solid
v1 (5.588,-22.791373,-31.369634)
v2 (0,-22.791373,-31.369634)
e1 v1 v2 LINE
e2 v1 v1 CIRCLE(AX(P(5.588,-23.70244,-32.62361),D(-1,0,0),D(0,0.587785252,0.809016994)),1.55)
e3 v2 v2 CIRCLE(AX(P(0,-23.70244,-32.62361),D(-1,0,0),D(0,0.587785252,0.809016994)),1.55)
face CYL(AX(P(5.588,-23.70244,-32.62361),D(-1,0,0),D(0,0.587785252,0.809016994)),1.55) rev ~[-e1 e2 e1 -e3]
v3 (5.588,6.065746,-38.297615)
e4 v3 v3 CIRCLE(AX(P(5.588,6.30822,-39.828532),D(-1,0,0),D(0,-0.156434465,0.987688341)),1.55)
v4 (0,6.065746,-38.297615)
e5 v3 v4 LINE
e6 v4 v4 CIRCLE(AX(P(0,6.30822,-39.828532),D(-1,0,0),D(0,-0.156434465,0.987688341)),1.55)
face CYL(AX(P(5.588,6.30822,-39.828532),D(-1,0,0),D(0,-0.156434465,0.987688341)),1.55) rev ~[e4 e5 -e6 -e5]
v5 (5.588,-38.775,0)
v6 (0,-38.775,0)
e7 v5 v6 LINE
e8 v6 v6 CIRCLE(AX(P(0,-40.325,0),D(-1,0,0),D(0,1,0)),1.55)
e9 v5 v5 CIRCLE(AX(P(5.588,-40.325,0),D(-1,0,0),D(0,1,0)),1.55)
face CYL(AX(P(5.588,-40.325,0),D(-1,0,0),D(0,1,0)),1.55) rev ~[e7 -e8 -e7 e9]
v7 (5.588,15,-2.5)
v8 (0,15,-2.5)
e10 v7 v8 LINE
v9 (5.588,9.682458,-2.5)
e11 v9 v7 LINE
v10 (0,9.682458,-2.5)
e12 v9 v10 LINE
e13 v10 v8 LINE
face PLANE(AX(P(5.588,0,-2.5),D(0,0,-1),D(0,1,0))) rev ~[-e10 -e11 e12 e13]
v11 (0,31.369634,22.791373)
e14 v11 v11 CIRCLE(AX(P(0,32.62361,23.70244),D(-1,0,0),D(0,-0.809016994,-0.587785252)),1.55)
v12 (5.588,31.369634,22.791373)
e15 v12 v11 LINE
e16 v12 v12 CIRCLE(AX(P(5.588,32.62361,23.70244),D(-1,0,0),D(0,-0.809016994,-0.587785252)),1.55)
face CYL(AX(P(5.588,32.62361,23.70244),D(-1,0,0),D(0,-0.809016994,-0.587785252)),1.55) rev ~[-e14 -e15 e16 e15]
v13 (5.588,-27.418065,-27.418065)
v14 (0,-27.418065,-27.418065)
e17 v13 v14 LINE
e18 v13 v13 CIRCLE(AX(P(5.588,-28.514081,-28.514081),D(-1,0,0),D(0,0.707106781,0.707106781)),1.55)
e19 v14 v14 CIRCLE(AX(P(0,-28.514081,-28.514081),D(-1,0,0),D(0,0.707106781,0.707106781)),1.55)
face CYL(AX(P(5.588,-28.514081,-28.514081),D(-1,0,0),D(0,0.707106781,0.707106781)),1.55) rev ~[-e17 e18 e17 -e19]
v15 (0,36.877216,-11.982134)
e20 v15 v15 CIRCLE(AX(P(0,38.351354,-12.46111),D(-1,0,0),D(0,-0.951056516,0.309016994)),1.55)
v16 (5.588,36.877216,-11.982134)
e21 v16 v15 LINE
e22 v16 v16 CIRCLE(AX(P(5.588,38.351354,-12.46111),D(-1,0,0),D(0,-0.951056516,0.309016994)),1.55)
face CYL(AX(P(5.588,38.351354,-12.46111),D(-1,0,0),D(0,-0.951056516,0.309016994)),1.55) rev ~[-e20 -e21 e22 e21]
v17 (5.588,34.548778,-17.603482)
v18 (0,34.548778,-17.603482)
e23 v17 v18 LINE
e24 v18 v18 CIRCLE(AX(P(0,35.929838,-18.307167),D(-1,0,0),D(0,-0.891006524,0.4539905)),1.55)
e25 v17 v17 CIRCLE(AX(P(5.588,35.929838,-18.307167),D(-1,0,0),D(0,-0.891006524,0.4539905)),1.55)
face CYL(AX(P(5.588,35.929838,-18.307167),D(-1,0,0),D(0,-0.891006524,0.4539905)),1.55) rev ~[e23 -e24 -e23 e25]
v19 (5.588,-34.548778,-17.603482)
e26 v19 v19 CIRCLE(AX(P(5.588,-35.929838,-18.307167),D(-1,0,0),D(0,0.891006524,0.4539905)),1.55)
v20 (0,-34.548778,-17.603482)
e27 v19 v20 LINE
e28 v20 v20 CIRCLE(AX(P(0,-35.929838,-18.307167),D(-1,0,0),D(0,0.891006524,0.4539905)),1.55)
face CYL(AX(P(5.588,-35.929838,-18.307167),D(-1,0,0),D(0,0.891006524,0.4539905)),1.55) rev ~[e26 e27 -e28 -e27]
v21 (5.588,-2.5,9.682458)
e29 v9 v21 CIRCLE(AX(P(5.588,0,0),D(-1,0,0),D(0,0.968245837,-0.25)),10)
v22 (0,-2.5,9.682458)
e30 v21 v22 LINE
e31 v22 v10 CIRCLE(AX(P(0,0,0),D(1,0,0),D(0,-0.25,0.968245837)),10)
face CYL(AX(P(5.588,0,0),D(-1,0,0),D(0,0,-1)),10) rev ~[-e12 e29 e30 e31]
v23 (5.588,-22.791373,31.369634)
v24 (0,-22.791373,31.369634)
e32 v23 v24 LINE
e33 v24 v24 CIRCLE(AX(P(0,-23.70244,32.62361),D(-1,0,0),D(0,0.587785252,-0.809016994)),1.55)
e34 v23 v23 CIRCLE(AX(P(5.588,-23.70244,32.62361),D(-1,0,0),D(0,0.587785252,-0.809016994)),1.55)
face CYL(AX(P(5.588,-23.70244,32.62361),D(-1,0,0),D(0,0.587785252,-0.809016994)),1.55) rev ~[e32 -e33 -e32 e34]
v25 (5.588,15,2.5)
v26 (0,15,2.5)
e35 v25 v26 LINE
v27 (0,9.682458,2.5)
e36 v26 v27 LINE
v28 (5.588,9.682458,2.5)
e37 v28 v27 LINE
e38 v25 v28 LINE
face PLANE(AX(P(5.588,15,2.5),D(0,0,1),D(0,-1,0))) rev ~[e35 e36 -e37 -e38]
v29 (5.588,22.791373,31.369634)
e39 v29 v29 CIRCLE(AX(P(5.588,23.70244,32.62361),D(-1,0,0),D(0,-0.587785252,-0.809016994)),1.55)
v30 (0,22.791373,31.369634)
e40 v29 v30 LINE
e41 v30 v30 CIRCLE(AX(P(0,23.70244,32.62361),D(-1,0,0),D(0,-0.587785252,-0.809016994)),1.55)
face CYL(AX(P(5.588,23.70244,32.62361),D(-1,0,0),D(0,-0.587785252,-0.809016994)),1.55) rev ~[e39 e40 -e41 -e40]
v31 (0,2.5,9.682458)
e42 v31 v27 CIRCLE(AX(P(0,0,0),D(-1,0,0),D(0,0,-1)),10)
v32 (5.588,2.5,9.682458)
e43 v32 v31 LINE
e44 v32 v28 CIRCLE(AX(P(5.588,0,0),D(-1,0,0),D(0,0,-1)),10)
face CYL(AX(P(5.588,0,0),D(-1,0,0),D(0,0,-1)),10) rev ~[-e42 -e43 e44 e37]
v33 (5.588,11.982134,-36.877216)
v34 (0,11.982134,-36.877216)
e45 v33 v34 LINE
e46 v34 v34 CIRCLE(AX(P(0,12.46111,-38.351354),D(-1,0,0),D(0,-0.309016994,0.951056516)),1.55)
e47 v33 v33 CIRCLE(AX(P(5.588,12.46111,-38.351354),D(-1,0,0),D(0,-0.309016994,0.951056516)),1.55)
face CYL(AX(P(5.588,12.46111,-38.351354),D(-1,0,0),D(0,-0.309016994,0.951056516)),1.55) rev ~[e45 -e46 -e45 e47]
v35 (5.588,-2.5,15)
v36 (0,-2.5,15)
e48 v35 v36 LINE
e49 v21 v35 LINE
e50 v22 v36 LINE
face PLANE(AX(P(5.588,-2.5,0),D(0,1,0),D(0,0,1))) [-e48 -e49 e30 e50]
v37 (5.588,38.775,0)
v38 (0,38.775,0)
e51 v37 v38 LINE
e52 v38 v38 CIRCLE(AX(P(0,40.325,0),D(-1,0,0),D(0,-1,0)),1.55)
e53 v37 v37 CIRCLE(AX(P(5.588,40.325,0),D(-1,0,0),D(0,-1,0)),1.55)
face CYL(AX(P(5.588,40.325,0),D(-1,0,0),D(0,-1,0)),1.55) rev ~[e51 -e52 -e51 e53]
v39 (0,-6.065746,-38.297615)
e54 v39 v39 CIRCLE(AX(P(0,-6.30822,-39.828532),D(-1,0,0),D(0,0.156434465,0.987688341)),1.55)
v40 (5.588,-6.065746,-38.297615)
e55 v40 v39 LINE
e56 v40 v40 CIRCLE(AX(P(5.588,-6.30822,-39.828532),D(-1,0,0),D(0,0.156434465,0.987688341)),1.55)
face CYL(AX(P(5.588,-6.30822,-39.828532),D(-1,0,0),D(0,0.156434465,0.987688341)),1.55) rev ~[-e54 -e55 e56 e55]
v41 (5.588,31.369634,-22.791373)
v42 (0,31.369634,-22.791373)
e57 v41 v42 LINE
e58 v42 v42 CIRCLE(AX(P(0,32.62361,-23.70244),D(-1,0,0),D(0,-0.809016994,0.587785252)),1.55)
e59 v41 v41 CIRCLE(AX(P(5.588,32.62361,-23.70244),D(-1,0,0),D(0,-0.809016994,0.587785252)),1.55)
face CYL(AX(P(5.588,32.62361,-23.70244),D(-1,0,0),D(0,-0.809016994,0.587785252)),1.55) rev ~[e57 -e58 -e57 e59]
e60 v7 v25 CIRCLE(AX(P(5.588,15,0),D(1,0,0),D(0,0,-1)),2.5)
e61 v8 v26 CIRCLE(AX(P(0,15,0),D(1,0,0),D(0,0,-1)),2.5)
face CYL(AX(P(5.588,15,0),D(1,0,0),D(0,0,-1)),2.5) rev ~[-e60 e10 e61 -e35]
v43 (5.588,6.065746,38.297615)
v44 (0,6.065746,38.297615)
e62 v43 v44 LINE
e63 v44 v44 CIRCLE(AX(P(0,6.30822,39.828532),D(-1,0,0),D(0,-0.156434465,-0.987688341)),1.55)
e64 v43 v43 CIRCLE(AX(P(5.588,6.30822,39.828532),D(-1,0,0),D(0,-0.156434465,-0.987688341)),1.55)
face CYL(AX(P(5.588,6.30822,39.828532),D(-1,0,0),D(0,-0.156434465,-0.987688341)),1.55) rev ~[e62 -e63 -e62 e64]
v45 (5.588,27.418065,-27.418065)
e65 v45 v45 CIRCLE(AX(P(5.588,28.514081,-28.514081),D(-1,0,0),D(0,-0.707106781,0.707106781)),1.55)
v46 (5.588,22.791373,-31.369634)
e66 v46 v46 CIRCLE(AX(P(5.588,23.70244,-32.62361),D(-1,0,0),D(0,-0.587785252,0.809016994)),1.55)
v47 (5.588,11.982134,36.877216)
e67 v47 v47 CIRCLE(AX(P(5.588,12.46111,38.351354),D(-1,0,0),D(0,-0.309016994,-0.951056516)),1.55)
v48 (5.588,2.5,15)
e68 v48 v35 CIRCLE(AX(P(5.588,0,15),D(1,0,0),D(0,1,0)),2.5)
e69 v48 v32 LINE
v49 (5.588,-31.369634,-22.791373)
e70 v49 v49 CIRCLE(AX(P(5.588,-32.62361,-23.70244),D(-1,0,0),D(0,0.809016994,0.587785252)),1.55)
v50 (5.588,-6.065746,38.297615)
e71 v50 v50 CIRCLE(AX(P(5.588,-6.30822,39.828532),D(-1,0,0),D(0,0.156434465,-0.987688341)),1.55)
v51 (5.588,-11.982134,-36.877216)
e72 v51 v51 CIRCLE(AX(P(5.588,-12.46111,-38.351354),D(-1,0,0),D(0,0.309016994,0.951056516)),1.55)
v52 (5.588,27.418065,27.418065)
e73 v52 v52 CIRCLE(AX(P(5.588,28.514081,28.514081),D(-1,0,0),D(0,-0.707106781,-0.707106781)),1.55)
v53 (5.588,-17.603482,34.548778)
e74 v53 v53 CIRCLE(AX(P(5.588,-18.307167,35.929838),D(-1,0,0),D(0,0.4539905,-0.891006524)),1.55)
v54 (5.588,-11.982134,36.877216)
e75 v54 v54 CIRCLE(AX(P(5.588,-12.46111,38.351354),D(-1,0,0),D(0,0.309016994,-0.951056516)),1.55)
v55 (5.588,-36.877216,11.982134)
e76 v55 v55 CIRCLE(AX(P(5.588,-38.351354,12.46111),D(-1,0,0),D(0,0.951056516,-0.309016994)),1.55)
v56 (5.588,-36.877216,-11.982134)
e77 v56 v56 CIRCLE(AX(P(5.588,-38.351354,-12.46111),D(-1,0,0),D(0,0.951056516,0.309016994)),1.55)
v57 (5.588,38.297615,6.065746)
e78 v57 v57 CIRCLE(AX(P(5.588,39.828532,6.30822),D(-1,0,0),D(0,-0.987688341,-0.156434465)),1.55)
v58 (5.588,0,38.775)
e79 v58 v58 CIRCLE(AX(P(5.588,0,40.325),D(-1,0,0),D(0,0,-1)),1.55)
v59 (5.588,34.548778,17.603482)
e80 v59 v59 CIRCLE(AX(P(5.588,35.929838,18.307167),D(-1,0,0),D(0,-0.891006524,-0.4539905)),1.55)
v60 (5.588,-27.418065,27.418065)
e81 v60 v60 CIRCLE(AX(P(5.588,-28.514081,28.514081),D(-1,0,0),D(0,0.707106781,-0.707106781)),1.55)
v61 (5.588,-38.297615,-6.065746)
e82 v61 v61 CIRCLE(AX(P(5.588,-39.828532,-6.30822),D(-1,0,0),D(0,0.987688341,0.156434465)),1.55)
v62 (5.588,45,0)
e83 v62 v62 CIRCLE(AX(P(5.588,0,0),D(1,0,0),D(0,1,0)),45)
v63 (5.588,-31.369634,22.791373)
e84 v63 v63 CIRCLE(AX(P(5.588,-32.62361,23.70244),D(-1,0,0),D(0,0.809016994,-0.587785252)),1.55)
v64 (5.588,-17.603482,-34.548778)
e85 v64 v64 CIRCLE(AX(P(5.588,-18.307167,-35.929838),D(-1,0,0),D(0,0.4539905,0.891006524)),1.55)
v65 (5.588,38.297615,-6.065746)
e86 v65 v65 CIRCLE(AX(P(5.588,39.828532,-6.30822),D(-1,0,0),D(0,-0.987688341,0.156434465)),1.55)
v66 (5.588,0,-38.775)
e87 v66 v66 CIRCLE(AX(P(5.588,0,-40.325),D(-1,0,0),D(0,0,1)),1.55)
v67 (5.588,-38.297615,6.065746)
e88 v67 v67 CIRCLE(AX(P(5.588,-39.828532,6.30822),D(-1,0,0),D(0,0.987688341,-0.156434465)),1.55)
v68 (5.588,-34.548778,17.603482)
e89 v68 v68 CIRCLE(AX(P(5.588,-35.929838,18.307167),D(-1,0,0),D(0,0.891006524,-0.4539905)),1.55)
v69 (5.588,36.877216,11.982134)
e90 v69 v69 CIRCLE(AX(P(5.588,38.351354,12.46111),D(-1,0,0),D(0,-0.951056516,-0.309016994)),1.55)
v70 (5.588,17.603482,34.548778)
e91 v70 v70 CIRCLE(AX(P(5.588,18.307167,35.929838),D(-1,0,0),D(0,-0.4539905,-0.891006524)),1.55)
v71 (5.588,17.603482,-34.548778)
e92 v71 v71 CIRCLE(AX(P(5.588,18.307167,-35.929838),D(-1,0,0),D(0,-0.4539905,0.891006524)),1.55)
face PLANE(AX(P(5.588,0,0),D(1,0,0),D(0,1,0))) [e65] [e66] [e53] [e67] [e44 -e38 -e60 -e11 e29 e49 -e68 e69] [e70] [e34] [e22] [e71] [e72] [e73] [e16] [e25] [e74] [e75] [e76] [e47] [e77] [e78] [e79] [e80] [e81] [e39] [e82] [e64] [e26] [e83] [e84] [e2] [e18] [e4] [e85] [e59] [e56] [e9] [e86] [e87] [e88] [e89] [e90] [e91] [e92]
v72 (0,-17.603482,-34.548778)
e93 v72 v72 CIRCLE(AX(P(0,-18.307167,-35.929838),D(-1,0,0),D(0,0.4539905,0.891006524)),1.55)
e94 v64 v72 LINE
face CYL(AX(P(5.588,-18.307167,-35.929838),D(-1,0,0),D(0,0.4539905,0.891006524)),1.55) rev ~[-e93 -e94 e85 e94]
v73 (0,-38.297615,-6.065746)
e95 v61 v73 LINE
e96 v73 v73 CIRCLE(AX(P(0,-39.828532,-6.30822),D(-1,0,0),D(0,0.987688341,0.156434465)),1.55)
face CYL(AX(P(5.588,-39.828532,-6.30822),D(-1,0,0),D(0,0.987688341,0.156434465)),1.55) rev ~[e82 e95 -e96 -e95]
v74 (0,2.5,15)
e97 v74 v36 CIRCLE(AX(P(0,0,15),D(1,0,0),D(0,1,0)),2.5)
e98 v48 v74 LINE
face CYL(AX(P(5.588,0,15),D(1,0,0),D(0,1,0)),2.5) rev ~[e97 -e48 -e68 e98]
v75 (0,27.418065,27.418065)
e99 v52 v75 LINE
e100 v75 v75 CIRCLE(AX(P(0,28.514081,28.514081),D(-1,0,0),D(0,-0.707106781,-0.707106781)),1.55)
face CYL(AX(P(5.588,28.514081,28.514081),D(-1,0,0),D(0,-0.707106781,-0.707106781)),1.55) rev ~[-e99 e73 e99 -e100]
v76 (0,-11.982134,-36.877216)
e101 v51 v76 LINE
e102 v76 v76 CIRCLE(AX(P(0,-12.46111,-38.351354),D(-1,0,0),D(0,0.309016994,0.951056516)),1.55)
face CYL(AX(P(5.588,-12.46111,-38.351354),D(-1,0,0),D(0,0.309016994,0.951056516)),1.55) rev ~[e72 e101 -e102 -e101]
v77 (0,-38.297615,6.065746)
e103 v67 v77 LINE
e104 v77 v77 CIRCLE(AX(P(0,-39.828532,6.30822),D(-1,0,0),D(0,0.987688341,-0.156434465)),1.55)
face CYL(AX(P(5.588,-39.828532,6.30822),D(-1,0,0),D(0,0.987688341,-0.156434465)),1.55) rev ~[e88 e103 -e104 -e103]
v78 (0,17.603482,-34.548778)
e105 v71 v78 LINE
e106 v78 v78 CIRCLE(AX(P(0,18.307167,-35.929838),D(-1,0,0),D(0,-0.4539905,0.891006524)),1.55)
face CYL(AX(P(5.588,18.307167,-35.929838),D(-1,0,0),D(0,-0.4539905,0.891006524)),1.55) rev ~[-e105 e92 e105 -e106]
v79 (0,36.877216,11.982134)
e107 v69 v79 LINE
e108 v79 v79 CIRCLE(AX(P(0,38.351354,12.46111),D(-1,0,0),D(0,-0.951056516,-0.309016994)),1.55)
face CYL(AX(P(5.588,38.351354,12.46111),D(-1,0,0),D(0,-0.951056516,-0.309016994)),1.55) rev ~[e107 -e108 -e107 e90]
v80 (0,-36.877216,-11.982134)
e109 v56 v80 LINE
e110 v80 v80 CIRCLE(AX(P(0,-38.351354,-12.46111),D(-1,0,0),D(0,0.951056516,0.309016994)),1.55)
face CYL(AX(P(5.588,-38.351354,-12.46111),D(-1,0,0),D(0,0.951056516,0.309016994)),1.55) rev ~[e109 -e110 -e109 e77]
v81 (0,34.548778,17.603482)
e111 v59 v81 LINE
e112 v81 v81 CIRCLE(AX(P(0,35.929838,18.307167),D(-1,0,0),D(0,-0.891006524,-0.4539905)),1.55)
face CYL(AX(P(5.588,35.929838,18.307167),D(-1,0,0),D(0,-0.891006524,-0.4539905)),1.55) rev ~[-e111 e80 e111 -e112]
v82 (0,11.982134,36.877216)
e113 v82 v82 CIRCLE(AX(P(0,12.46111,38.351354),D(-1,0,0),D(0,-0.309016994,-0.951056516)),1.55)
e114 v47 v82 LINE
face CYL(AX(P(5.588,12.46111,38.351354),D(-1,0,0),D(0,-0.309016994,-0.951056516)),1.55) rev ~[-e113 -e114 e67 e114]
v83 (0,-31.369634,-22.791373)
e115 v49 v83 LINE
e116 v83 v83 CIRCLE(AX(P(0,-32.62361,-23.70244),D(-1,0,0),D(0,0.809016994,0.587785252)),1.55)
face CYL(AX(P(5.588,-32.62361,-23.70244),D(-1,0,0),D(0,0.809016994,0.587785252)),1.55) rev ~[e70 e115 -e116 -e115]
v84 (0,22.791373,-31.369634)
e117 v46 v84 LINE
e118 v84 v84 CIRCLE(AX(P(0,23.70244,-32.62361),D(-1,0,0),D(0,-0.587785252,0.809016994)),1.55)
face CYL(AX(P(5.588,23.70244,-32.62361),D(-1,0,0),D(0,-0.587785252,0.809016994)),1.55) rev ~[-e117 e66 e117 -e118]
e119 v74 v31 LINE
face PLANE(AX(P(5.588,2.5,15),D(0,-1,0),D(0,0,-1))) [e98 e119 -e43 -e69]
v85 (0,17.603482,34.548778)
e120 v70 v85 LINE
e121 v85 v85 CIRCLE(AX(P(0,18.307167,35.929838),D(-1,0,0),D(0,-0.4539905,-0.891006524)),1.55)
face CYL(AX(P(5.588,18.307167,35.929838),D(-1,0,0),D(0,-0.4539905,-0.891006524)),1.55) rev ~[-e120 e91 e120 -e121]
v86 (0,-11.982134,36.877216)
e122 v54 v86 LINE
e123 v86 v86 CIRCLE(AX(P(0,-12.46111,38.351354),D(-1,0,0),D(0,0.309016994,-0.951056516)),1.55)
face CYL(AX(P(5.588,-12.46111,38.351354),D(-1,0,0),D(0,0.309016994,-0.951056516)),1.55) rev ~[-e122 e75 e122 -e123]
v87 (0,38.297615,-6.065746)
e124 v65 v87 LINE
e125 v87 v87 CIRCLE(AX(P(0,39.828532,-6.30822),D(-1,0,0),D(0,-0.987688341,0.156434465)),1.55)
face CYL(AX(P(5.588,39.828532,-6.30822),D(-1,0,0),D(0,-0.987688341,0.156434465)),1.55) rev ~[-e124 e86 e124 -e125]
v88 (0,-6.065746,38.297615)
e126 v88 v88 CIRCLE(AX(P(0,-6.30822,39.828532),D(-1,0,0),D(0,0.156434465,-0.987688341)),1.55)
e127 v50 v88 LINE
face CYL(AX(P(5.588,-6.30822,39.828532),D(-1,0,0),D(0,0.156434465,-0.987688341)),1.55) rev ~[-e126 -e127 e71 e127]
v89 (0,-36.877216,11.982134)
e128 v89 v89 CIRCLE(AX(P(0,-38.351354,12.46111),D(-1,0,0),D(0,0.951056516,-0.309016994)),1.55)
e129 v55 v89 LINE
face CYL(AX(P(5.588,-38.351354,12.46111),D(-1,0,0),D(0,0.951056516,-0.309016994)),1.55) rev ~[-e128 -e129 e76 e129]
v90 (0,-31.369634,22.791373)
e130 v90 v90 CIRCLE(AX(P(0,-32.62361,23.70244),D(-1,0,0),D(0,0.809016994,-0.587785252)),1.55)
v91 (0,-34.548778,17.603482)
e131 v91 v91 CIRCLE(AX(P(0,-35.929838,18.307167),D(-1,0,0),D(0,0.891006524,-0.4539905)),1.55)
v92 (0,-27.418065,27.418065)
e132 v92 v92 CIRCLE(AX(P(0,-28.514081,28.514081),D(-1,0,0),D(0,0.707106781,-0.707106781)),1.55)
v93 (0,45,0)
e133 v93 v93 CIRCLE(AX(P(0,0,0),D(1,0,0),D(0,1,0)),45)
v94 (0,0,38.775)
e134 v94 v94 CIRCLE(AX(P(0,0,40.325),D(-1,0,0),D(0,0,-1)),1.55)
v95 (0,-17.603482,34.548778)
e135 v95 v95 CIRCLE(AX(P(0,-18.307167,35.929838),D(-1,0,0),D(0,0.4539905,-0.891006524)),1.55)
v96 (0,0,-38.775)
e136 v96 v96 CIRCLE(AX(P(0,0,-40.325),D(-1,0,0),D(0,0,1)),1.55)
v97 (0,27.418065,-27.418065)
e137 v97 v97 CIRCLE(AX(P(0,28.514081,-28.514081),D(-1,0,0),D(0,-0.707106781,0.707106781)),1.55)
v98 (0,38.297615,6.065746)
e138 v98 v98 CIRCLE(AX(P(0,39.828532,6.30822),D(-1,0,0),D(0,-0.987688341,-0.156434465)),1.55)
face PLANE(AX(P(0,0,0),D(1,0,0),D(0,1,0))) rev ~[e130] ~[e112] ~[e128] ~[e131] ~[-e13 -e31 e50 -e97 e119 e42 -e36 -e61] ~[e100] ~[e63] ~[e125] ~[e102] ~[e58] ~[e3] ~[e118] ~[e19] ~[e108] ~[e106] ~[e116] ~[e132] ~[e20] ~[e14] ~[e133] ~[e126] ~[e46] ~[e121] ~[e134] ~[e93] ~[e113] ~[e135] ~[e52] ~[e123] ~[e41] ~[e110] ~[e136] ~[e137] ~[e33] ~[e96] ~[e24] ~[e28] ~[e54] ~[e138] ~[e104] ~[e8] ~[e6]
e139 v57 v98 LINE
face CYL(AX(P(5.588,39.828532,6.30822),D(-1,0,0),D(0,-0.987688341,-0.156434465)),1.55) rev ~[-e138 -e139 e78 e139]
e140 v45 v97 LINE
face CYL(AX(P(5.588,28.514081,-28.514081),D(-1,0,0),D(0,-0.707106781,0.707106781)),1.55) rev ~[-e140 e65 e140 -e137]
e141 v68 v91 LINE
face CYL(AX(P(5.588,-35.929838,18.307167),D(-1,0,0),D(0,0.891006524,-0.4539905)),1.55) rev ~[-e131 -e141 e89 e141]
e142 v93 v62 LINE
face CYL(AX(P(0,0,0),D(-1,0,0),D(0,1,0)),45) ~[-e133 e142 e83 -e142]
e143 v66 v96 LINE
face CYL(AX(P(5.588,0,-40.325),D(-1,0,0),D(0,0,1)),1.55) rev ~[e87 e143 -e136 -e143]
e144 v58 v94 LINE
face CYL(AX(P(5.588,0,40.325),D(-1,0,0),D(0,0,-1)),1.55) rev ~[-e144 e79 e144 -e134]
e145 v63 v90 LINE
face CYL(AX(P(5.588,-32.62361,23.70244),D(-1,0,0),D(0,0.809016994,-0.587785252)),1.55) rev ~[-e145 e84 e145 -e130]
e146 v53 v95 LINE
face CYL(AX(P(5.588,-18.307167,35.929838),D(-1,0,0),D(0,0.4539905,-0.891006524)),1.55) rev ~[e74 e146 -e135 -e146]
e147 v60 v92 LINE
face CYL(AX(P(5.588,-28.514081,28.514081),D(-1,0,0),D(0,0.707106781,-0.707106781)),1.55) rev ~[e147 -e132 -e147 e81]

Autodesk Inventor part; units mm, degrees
ref_plane "YZ Plane" through (0, 0, 0) normal (1, 0, 0) x (0, 1, 0)
ref_plane "XZ Plane" through (0, 0, 0) normal (0, 1, 0) x (-1, 0, 0)
ref_plane "XY Plane" through (0, 0, 0) normal (0, 0, 1) x (1, 0, 0)
sketch "Sketch2" plane through (0, 0, 0) normal (1, 0, 0) x (0, 1, 0)
  circle A0 centre (0, 0) radius 45
  dimension "d7" = 90
extrude "Extrusion1" add sketch "Sketch2" along normal blind 5.588
sketch "Sketch3" plane through (5.588, 0, 0) normal (1, 0, 0) x (0, 0, -1)
  circle A0 centre (0, 0) radius 45 projected
  line L0 (0, 0) -> (-45, 0)
  circle A1 centre (0, 0) radius 45 projected
  point P0 (-40.325, 0)
  dimension "d10" = 40.325
hole "Hole1" at (5.588, 0, 40.325) direction (-1, 0, 0) diameter 3.1 end through all
pattern_circular "Circular Pattern1" count 40 over 360 about axis through (-10, 0, 0) along (1, 0, 0) of "Hole1"
sketch "Sketch4" plane through (5.588, 0, 0) normal (1, 0, 0) x (0, 0, -1)
  point P0 (0, 0)
  point P1 (0, 0)
hole "Hole2" at (5.588, 0, 0) direction (-1, 0, 0) diameter 20 end through all
sketch "Sketch5" plane through (5.588, 0, 0) normal (1, 0, 0) x (0, 0, -1)
  line L0 (0, -2.5) -> (-15, -2.5)
  line L1 (-15, -2.5) -> (-15, 2.5)
  line L2 (-15, 2.5) -> (0, 2.5)
  line L3 (0, 2.5) -> (0, -2.5)
  line L4 (-2.5, 0) -> (2.5, 0)
  line L5 (2.5, 0) -> (2.5, 15)
  line L6 (2.5, 15) -> (-2.5, 15)
  line L7 (-2.5, 15) -> (-2.5, 0)
  arc A0 (-15, 2.5) -> (-15, -2.5) centre (-15, 0) ccw
  arc A1 (2.5, 15) -> (-2.5, 15) centre (0, 15) ccw
  point P0 (0, 0)
  point P1 (0, 0)
  dimension "d28" = 5
  dimension "d29" = 5
  dimension "d30" = 15
  dimension "d31" = 15
extrude "Extrusion2" cut sketch "Sketch5" against normal through all
equation "\"d7\" = spoolDiameter"
equation "\"d8\" = spoolThickness"
equation "\"d10\" = -0.5 * cardPinDiameter + 0.5 * spoolDiameter - materialThickness"
equation "\"materialThickness\" = 3.175"
equation "\"laserKerf\" = 0.12"
equation "\"cardPinDiameter\" = 3"
equation "\"spoolDiameter\" = 90"
equation "\"centeralShaftDiameter\" = 8"
equation "\"cardHeight\" = 53.98"
equation "\"cardWidth\" = 85.6"
equation "\"cardThickness\" = 0.76"
equation "\"cardFillet\" = 2.88"
equation "\"cardClearence\" = 0.5"
equation "\"bearingOd\" = 22"
equation "\"bearingWidth\" = 8"
equation "\"axleHeight\" = 95"
equation "\"nutTrapDepth\" = 2.5"
equation "\"nutTrapwidth\" = 5.5"
equation "\"nutTrapClearence\" = 2"
equation "\"magnetDiameter\" = 6"
equation "\"magnetLength\" = 3"
equation "\"magnetProtusion\" = 0.25"
equation "\"spoolThickness\" = 5.588"
properties part number "spoolGearSide" material "Polycarbonate, Clear"
